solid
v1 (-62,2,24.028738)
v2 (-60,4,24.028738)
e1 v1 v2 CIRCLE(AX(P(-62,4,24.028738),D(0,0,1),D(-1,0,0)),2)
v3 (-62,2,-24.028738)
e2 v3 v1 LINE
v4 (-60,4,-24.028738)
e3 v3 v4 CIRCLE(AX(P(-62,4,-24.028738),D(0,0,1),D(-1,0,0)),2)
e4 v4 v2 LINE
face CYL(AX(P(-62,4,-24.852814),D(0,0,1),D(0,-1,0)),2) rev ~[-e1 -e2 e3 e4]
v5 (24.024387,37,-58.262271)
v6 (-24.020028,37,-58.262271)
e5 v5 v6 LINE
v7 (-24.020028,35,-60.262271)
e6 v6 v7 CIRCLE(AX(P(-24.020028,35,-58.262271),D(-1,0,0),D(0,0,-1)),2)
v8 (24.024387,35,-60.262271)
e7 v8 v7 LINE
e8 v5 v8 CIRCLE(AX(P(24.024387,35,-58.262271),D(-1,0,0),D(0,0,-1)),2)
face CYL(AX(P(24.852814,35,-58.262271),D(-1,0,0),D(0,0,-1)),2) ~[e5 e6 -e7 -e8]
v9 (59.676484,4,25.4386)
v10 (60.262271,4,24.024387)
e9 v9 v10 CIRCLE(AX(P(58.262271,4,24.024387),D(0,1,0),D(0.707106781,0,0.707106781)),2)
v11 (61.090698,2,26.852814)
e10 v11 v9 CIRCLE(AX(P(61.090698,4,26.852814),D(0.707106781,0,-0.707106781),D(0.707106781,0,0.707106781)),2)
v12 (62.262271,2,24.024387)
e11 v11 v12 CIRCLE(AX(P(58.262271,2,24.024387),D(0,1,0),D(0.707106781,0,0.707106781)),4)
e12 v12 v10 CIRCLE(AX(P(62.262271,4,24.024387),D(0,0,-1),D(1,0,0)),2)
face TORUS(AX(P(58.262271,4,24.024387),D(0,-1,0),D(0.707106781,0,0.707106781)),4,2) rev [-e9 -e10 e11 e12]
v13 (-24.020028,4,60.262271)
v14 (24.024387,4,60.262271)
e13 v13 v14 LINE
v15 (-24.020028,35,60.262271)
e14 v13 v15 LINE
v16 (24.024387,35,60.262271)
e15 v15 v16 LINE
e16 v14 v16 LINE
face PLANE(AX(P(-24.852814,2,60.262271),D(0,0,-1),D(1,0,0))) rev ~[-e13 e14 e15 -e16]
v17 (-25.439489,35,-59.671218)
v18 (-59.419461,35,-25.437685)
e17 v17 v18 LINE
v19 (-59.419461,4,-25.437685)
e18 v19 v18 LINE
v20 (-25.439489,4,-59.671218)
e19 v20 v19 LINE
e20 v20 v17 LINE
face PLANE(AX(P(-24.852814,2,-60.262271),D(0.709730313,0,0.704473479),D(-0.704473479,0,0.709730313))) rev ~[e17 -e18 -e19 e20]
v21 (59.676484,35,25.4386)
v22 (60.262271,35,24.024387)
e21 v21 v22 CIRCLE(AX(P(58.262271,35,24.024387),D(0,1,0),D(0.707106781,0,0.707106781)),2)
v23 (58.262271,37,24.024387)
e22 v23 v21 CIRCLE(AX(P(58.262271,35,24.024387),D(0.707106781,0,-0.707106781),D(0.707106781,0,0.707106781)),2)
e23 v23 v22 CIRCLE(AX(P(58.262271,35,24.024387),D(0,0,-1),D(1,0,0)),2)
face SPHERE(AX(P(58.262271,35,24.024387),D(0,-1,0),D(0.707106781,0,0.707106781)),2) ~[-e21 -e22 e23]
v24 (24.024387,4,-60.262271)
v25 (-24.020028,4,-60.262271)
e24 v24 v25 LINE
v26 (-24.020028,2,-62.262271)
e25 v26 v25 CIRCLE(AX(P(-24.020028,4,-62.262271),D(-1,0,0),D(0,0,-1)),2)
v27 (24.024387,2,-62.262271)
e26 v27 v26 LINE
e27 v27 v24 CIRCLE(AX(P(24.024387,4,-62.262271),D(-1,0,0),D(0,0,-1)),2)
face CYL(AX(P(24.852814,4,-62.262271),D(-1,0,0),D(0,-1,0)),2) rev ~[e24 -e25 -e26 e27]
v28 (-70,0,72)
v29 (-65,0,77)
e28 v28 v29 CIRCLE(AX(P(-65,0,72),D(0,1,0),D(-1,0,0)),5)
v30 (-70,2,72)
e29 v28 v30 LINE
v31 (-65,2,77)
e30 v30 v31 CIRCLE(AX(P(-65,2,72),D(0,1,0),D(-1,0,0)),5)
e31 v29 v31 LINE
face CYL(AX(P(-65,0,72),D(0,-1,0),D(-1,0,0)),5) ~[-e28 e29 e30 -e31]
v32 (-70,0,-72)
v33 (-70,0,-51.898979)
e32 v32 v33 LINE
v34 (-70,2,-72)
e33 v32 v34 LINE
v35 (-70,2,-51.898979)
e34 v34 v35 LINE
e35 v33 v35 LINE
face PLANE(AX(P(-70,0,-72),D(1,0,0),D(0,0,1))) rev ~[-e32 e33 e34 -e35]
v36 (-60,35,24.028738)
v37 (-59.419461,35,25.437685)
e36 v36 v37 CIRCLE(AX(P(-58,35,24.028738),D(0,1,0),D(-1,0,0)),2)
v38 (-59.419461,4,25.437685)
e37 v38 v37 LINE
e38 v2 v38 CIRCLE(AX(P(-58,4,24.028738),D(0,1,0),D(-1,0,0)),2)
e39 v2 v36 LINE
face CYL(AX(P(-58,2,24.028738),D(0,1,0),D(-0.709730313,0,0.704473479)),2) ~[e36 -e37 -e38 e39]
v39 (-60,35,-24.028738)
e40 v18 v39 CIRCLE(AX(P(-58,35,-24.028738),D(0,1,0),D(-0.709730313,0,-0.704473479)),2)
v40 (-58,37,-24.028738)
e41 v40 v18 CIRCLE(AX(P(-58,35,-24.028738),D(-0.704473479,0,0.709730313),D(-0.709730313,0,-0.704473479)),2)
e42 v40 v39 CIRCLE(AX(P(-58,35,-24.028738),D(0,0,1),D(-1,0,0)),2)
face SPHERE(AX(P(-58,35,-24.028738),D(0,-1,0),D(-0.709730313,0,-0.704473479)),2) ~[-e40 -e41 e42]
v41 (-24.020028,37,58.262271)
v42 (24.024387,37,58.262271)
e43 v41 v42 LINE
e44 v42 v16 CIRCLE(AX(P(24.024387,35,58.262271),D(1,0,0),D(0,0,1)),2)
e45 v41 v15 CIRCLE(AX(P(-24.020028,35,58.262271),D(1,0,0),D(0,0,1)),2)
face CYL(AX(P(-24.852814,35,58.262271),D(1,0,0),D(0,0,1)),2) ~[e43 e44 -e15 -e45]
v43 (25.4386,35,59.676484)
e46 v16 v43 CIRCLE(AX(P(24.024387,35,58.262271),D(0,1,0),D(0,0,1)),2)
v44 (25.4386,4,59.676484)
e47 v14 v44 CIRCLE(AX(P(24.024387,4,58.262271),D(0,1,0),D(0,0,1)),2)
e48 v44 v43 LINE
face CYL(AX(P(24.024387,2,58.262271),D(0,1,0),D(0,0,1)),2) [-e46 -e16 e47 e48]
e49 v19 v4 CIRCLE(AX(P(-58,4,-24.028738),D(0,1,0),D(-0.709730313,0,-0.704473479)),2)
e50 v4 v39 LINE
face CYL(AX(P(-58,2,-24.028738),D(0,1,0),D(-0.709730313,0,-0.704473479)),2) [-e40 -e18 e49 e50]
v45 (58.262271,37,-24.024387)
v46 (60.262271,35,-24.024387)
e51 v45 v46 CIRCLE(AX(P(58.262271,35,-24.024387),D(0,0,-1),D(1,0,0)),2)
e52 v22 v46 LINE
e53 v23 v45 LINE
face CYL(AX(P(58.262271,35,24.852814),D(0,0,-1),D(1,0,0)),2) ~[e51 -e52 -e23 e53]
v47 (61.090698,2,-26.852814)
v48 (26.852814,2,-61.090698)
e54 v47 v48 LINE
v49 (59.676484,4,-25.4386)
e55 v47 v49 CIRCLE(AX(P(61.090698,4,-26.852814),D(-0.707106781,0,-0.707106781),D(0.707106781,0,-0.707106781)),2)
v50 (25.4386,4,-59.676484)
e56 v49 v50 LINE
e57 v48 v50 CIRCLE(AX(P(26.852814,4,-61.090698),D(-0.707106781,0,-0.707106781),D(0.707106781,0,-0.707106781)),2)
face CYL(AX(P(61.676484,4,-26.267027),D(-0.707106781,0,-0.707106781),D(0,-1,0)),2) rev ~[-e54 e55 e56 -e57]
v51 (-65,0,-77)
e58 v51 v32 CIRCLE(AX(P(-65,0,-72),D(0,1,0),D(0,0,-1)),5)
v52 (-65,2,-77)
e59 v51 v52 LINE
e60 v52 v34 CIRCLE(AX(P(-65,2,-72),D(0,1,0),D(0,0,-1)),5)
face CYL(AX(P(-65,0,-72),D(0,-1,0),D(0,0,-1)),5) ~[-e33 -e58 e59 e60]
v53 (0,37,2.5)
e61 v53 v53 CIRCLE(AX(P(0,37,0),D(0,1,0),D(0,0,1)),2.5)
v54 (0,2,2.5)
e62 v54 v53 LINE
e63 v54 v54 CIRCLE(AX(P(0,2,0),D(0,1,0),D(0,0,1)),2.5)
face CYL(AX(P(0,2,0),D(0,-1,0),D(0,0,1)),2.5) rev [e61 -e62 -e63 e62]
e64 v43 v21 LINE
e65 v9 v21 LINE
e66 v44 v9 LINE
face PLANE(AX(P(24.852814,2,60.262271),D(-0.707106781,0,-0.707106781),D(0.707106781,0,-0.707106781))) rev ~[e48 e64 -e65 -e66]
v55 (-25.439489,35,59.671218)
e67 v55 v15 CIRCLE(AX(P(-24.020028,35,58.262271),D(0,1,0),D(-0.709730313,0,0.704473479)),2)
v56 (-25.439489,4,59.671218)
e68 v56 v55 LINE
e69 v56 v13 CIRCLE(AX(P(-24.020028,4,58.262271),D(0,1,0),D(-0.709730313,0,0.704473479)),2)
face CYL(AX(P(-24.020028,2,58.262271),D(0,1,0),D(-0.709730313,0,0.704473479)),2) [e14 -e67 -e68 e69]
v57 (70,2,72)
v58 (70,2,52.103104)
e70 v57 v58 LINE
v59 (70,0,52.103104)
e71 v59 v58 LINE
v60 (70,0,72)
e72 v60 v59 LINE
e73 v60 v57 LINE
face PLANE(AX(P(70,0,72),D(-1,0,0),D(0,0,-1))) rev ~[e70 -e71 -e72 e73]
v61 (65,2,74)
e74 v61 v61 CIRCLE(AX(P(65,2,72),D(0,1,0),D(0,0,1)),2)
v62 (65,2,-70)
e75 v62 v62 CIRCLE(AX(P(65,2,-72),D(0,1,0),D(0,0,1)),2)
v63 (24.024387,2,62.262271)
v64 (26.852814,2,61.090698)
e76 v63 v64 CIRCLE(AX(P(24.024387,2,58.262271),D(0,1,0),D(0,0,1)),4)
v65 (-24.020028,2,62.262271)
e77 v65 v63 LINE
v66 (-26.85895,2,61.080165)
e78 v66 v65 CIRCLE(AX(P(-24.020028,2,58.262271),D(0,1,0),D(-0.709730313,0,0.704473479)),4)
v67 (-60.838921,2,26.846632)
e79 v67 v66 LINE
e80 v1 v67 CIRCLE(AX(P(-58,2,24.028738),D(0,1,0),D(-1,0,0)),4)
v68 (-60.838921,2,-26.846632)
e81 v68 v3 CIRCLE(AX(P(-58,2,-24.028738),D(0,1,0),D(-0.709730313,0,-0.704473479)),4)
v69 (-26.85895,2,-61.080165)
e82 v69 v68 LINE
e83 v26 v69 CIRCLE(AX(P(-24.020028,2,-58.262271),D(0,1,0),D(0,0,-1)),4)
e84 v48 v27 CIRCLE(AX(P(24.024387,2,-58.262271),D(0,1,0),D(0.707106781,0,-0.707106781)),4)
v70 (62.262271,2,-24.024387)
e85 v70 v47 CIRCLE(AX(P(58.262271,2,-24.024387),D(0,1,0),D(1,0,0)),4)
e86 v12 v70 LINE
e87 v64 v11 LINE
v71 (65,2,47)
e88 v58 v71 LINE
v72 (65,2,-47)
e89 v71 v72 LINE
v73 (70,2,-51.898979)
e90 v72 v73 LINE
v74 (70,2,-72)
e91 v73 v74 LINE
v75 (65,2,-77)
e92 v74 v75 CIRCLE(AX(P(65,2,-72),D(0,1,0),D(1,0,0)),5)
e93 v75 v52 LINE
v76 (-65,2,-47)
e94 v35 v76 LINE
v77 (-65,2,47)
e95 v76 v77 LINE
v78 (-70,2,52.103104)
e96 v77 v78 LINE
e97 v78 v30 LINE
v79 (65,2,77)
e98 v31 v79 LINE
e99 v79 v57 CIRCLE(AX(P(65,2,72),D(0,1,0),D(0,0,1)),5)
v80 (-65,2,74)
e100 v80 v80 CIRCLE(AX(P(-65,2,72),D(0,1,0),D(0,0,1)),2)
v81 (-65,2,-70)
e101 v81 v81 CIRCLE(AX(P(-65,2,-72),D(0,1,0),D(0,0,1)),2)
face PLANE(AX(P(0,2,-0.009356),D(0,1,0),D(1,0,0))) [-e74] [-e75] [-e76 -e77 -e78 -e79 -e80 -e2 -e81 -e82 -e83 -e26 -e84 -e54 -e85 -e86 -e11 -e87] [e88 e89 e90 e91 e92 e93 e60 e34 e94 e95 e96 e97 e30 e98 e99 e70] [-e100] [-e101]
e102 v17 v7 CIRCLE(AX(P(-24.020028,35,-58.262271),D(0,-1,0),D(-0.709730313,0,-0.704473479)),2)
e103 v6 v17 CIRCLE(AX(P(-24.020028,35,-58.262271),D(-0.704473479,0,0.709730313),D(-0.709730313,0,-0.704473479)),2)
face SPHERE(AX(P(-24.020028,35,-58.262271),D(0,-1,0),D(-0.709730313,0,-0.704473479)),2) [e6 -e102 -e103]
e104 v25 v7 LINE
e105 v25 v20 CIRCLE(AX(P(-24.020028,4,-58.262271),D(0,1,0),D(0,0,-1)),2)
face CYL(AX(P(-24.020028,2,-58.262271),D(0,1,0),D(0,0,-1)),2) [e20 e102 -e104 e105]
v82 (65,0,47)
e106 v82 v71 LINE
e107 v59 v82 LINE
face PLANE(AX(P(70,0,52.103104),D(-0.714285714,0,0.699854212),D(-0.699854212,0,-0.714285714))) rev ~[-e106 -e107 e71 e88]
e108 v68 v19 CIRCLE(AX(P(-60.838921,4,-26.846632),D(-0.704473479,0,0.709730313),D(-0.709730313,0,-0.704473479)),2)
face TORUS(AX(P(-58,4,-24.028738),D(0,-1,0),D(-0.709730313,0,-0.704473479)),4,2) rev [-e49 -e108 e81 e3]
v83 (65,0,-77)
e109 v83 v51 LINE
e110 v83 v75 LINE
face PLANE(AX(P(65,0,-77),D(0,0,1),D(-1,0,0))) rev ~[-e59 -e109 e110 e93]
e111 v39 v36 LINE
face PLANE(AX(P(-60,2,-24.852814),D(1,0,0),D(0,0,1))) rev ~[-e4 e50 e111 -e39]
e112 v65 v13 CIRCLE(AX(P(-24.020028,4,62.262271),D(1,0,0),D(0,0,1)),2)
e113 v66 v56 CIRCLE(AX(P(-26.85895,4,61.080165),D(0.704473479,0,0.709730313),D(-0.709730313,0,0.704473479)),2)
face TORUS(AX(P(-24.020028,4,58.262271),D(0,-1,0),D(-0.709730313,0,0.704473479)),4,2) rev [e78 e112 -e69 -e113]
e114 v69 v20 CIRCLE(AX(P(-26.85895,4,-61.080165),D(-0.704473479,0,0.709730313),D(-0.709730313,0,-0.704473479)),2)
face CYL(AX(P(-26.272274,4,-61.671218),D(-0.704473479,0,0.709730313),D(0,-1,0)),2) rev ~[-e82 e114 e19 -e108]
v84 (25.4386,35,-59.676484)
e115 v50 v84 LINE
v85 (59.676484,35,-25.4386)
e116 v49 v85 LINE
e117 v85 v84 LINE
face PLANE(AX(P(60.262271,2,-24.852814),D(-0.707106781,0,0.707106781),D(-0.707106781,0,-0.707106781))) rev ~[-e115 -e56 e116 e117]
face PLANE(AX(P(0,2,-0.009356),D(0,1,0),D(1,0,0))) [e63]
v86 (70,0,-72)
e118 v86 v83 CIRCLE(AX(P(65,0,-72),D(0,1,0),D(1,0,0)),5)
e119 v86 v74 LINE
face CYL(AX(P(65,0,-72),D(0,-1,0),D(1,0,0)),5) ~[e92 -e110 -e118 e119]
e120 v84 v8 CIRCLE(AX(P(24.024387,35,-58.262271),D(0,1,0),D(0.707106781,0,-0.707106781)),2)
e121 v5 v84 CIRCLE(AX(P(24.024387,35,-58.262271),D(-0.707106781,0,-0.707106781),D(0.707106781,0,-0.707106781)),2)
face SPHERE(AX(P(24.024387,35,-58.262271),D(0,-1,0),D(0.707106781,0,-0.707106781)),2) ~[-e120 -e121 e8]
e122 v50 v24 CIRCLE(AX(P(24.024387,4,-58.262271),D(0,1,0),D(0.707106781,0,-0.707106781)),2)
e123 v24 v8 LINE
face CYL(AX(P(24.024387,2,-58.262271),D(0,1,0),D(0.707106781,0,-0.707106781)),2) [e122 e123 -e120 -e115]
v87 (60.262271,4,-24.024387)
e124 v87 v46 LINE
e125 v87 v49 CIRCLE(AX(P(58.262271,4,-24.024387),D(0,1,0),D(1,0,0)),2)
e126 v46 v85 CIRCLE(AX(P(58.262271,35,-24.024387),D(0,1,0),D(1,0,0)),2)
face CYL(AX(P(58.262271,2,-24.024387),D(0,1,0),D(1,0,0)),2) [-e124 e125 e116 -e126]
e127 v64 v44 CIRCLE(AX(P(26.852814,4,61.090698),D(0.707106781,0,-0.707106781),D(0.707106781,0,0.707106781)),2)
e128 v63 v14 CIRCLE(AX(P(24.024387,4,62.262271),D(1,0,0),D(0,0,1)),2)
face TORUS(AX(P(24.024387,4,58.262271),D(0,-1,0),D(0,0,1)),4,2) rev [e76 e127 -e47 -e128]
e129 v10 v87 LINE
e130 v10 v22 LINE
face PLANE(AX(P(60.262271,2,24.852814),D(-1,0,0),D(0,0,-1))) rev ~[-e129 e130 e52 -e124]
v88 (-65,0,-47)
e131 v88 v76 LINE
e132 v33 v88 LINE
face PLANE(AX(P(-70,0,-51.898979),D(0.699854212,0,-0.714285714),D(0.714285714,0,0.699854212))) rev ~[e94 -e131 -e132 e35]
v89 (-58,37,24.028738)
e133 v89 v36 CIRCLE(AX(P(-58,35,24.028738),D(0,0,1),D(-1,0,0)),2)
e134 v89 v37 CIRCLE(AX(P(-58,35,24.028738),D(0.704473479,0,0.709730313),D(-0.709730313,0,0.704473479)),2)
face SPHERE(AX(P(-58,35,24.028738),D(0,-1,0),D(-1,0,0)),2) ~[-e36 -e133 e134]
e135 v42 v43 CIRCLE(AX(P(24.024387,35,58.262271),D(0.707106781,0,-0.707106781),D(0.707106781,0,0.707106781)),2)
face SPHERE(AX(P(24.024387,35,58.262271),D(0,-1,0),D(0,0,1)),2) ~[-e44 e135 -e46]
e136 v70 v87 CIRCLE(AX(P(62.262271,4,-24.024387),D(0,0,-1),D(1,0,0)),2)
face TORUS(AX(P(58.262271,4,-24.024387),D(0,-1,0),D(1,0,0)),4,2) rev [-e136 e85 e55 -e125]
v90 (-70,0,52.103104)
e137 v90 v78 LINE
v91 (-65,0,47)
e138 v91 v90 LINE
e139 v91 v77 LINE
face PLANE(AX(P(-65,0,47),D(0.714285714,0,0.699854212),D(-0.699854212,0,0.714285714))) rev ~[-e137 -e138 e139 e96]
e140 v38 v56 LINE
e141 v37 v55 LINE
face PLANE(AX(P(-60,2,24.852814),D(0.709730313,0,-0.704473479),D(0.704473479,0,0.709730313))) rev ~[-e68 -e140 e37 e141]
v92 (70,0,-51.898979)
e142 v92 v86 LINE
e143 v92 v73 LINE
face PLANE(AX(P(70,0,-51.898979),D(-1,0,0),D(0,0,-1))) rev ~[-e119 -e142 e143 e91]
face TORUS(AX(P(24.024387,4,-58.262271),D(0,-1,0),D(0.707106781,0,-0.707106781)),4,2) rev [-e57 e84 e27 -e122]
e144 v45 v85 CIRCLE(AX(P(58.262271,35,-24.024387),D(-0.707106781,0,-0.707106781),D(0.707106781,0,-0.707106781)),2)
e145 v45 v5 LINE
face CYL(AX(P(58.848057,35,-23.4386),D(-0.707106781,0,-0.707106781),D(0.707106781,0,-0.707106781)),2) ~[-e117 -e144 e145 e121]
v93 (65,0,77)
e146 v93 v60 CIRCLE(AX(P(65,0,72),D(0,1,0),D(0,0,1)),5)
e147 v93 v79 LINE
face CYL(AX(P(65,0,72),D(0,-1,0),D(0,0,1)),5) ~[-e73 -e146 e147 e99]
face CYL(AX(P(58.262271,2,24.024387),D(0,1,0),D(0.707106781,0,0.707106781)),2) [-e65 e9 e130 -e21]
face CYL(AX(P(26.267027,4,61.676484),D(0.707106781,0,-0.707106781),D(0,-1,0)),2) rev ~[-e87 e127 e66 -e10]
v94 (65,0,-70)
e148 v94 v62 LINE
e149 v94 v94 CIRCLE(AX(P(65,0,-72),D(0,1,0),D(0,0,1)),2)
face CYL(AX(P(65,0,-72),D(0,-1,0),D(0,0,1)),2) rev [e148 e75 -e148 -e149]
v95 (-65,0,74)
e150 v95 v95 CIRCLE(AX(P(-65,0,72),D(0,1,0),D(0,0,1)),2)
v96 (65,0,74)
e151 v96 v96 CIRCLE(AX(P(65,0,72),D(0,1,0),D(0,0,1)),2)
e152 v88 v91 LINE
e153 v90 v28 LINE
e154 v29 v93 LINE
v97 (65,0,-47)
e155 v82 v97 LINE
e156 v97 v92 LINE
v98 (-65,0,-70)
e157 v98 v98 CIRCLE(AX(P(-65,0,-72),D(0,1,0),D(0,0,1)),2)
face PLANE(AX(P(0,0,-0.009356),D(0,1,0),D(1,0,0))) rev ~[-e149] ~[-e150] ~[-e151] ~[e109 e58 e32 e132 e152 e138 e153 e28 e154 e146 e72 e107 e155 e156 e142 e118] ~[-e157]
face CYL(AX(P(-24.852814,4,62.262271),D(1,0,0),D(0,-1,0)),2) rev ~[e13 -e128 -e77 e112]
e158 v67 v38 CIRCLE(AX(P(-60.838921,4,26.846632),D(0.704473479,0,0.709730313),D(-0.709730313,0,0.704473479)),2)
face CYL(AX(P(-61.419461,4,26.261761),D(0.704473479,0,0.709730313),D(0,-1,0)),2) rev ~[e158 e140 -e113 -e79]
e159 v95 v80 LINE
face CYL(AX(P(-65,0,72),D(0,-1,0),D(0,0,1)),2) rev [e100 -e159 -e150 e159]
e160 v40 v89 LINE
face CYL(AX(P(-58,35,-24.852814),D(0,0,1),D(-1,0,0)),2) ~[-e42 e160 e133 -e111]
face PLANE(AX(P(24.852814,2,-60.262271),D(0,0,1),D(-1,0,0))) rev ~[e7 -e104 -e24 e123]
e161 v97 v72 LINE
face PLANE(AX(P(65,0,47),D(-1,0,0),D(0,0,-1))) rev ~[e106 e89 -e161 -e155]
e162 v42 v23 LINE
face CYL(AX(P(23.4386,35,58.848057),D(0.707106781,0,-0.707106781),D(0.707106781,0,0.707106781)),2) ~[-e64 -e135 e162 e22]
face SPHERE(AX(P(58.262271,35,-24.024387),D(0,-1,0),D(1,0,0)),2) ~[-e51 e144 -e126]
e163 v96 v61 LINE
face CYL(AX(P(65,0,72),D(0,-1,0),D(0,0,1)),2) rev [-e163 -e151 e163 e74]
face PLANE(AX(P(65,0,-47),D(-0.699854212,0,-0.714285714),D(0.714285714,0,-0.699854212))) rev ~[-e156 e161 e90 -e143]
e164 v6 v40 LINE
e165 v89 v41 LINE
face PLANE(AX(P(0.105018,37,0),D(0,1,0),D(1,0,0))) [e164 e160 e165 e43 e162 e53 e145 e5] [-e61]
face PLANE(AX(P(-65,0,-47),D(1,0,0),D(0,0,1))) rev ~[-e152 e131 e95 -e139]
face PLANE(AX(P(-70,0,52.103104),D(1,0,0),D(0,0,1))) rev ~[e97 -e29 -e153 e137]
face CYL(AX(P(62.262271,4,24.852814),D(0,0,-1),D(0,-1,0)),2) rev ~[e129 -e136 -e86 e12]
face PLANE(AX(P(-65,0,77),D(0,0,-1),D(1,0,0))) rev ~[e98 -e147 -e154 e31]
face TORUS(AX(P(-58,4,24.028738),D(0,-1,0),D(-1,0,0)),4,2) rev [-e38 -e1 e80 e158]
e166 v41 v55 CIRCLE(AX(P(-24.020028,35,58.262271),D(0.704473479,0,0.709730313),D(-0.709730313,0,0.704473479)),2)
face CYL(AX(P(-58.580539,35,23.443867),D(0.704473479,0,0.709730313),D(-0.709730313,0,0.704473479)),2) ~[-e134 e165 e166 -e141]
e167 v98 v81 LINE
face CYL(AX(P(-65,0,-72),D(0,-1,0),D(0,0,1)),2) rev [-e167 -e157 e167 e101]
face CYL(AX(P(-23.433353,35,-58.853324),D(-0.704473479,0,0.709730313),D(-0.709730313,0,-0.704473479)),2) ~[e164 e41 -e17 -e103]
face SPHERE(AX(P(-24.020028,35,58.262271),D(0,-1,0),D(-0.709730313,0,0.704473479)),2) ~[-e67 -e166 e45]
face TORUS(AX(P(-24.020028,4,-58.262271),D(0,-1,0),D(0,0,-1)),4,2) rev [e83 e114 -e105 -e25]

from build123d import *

# Parameters (mm, degrees)
SKETCH1_R           = 2
BOSS_EXTRUDE1_DEPTH = 2
SKETCH2_R           = 2.5
BOSS_EXTRUDE2_DEPTH = 35
FILLET1_R           = 2


with BuildPart() as part:
    # Sketch1 → Boss-Extrude1 (new body)
    with BuildSketch(Plane(origin=(0, 0, 0), x_dir=(1, 0, 0), z_dir=(0, 1, 0))):
        with BuildLine():
            Line((-65, 47), (-65, -47))
            Line((-65, -47), (-70, -52.103103631))
            Line((-70, -52.103103631), (-70, -72))
            ThreePointArc((-70, -72), (-68.535533906, -75.535533906), (-65, -77))
            Line((-65, -77), (65, -77))
            ThreePointArc((65, -77), (68.535533906, -75.535533906), (70, -72))
            Line((70, -72), (70, -52.103103631))
            Line((70, -52.103103631), (65, -47))
            Line((65, -47), (65, 47))
            Line((65, 47), (70, 51.898979486))
            Line((70, 51.898979486), (70, 72))
            ThreePointArc((70, 72), (68.535533906, 75.535533906), (65, 77))
            Line((65, 77), (-65, 77))
            ThreePointArc((-65, 77), (-68.535533906, 75.535533906), (-70, 72))
            Line((-70, 72), (-70, 51.898979486))
            Line((-70, 51.898979486), (-65, 47))
        make_face()
        with Locations(Location((-65, -72, 0), (0, 0, 270))):
            Circle(SKETCH1_R, mode=Mode.SUBTRACT)
        with Locations(Location((65, -72, 0), (0, 0, 270))):
            Circle(SKETCH1_R, mode=Mode.SUBTRACT)
        with Locations(Location((-65, 72, 0), (0, 0, 270))):
            Circle(SKETCH1_R, mode=Mode.SUBTRACT)
        with Locations(Location((65, 72, 0), (0, 0, 270))):
            Circle(SKETCH1_R, mode=Mode.SUBTRACT)
    extrude(amount=BOSS_EXTRUDE1_DEPTH)

    # Sketch2 → Boss-Extrude2 (add)
    with BuildSketch(Plane(origin=(0, 2, 0), x_dir=(1, 0, 0), z_dir=(0, 1, 0))):
        Polygon((-60, -24.852813742), (-24.852813742, -60.262270904), (24.852813742, -60.262270904), (60.262270904, -24.852813742), (60.262270904, 24.852813742), (24.852813742, 60.262270904), (-24.852813742, 60.262270904), (-60, 24.852813742), align=None)
        with Locations(Location((0, 0, 0), (0, 0, 270))):
            Circle(SKETCH2_R, mode=Mode.SUBTRACT)
    extrude(amount=BOSS_EXTRUDE2_DEPTH)

    # Fillet1
    fillet1_edges = [part.edges().sort_by_distance(p)[0] for p in [
        (-42.426406871, 37, -42.557542323),
        (-60, 37, 0),
        (-42.426406871, 37, 42.557542323),
        (0, 37, 60.262270904),
        (42.557542323, 37, 42.557542323),
        (60.262270904, 37, 0),
        (42.557542323, 37, -42.557542323),
        (0, 37, -60.262270904),
        (-42.426406871, 2, -42.557542323),
        (-24.852813742, 19.5, -60.262270904),
        (-60, 2, 0),
        (-60, 19.5, -24.852813742),
        (-42.426406871, 2, 42.557542323),
        (-60, 19.5, 24.852813742),
        (0, 2, 60.262270904),
        (-24.852813742, 19.5, 60.262270904),
        (42.557542323, 2, 42.557542323),
        (24.852813742, 19.5, 60.262270904),
        (60.262270904, 2, 0),
        (60.262270904, 19.5, 24.852813742),
        (42.557542323, 2, -42.557542323),
        (60.262270904, 19.5, -24.852813742),
        (0, 2, -60.262270904),
        (24.852813742, 19.5, -60.262270904),
    ]]
    fillet(fillet1_edges, radius=FILLET1_R)


solid = part.part
